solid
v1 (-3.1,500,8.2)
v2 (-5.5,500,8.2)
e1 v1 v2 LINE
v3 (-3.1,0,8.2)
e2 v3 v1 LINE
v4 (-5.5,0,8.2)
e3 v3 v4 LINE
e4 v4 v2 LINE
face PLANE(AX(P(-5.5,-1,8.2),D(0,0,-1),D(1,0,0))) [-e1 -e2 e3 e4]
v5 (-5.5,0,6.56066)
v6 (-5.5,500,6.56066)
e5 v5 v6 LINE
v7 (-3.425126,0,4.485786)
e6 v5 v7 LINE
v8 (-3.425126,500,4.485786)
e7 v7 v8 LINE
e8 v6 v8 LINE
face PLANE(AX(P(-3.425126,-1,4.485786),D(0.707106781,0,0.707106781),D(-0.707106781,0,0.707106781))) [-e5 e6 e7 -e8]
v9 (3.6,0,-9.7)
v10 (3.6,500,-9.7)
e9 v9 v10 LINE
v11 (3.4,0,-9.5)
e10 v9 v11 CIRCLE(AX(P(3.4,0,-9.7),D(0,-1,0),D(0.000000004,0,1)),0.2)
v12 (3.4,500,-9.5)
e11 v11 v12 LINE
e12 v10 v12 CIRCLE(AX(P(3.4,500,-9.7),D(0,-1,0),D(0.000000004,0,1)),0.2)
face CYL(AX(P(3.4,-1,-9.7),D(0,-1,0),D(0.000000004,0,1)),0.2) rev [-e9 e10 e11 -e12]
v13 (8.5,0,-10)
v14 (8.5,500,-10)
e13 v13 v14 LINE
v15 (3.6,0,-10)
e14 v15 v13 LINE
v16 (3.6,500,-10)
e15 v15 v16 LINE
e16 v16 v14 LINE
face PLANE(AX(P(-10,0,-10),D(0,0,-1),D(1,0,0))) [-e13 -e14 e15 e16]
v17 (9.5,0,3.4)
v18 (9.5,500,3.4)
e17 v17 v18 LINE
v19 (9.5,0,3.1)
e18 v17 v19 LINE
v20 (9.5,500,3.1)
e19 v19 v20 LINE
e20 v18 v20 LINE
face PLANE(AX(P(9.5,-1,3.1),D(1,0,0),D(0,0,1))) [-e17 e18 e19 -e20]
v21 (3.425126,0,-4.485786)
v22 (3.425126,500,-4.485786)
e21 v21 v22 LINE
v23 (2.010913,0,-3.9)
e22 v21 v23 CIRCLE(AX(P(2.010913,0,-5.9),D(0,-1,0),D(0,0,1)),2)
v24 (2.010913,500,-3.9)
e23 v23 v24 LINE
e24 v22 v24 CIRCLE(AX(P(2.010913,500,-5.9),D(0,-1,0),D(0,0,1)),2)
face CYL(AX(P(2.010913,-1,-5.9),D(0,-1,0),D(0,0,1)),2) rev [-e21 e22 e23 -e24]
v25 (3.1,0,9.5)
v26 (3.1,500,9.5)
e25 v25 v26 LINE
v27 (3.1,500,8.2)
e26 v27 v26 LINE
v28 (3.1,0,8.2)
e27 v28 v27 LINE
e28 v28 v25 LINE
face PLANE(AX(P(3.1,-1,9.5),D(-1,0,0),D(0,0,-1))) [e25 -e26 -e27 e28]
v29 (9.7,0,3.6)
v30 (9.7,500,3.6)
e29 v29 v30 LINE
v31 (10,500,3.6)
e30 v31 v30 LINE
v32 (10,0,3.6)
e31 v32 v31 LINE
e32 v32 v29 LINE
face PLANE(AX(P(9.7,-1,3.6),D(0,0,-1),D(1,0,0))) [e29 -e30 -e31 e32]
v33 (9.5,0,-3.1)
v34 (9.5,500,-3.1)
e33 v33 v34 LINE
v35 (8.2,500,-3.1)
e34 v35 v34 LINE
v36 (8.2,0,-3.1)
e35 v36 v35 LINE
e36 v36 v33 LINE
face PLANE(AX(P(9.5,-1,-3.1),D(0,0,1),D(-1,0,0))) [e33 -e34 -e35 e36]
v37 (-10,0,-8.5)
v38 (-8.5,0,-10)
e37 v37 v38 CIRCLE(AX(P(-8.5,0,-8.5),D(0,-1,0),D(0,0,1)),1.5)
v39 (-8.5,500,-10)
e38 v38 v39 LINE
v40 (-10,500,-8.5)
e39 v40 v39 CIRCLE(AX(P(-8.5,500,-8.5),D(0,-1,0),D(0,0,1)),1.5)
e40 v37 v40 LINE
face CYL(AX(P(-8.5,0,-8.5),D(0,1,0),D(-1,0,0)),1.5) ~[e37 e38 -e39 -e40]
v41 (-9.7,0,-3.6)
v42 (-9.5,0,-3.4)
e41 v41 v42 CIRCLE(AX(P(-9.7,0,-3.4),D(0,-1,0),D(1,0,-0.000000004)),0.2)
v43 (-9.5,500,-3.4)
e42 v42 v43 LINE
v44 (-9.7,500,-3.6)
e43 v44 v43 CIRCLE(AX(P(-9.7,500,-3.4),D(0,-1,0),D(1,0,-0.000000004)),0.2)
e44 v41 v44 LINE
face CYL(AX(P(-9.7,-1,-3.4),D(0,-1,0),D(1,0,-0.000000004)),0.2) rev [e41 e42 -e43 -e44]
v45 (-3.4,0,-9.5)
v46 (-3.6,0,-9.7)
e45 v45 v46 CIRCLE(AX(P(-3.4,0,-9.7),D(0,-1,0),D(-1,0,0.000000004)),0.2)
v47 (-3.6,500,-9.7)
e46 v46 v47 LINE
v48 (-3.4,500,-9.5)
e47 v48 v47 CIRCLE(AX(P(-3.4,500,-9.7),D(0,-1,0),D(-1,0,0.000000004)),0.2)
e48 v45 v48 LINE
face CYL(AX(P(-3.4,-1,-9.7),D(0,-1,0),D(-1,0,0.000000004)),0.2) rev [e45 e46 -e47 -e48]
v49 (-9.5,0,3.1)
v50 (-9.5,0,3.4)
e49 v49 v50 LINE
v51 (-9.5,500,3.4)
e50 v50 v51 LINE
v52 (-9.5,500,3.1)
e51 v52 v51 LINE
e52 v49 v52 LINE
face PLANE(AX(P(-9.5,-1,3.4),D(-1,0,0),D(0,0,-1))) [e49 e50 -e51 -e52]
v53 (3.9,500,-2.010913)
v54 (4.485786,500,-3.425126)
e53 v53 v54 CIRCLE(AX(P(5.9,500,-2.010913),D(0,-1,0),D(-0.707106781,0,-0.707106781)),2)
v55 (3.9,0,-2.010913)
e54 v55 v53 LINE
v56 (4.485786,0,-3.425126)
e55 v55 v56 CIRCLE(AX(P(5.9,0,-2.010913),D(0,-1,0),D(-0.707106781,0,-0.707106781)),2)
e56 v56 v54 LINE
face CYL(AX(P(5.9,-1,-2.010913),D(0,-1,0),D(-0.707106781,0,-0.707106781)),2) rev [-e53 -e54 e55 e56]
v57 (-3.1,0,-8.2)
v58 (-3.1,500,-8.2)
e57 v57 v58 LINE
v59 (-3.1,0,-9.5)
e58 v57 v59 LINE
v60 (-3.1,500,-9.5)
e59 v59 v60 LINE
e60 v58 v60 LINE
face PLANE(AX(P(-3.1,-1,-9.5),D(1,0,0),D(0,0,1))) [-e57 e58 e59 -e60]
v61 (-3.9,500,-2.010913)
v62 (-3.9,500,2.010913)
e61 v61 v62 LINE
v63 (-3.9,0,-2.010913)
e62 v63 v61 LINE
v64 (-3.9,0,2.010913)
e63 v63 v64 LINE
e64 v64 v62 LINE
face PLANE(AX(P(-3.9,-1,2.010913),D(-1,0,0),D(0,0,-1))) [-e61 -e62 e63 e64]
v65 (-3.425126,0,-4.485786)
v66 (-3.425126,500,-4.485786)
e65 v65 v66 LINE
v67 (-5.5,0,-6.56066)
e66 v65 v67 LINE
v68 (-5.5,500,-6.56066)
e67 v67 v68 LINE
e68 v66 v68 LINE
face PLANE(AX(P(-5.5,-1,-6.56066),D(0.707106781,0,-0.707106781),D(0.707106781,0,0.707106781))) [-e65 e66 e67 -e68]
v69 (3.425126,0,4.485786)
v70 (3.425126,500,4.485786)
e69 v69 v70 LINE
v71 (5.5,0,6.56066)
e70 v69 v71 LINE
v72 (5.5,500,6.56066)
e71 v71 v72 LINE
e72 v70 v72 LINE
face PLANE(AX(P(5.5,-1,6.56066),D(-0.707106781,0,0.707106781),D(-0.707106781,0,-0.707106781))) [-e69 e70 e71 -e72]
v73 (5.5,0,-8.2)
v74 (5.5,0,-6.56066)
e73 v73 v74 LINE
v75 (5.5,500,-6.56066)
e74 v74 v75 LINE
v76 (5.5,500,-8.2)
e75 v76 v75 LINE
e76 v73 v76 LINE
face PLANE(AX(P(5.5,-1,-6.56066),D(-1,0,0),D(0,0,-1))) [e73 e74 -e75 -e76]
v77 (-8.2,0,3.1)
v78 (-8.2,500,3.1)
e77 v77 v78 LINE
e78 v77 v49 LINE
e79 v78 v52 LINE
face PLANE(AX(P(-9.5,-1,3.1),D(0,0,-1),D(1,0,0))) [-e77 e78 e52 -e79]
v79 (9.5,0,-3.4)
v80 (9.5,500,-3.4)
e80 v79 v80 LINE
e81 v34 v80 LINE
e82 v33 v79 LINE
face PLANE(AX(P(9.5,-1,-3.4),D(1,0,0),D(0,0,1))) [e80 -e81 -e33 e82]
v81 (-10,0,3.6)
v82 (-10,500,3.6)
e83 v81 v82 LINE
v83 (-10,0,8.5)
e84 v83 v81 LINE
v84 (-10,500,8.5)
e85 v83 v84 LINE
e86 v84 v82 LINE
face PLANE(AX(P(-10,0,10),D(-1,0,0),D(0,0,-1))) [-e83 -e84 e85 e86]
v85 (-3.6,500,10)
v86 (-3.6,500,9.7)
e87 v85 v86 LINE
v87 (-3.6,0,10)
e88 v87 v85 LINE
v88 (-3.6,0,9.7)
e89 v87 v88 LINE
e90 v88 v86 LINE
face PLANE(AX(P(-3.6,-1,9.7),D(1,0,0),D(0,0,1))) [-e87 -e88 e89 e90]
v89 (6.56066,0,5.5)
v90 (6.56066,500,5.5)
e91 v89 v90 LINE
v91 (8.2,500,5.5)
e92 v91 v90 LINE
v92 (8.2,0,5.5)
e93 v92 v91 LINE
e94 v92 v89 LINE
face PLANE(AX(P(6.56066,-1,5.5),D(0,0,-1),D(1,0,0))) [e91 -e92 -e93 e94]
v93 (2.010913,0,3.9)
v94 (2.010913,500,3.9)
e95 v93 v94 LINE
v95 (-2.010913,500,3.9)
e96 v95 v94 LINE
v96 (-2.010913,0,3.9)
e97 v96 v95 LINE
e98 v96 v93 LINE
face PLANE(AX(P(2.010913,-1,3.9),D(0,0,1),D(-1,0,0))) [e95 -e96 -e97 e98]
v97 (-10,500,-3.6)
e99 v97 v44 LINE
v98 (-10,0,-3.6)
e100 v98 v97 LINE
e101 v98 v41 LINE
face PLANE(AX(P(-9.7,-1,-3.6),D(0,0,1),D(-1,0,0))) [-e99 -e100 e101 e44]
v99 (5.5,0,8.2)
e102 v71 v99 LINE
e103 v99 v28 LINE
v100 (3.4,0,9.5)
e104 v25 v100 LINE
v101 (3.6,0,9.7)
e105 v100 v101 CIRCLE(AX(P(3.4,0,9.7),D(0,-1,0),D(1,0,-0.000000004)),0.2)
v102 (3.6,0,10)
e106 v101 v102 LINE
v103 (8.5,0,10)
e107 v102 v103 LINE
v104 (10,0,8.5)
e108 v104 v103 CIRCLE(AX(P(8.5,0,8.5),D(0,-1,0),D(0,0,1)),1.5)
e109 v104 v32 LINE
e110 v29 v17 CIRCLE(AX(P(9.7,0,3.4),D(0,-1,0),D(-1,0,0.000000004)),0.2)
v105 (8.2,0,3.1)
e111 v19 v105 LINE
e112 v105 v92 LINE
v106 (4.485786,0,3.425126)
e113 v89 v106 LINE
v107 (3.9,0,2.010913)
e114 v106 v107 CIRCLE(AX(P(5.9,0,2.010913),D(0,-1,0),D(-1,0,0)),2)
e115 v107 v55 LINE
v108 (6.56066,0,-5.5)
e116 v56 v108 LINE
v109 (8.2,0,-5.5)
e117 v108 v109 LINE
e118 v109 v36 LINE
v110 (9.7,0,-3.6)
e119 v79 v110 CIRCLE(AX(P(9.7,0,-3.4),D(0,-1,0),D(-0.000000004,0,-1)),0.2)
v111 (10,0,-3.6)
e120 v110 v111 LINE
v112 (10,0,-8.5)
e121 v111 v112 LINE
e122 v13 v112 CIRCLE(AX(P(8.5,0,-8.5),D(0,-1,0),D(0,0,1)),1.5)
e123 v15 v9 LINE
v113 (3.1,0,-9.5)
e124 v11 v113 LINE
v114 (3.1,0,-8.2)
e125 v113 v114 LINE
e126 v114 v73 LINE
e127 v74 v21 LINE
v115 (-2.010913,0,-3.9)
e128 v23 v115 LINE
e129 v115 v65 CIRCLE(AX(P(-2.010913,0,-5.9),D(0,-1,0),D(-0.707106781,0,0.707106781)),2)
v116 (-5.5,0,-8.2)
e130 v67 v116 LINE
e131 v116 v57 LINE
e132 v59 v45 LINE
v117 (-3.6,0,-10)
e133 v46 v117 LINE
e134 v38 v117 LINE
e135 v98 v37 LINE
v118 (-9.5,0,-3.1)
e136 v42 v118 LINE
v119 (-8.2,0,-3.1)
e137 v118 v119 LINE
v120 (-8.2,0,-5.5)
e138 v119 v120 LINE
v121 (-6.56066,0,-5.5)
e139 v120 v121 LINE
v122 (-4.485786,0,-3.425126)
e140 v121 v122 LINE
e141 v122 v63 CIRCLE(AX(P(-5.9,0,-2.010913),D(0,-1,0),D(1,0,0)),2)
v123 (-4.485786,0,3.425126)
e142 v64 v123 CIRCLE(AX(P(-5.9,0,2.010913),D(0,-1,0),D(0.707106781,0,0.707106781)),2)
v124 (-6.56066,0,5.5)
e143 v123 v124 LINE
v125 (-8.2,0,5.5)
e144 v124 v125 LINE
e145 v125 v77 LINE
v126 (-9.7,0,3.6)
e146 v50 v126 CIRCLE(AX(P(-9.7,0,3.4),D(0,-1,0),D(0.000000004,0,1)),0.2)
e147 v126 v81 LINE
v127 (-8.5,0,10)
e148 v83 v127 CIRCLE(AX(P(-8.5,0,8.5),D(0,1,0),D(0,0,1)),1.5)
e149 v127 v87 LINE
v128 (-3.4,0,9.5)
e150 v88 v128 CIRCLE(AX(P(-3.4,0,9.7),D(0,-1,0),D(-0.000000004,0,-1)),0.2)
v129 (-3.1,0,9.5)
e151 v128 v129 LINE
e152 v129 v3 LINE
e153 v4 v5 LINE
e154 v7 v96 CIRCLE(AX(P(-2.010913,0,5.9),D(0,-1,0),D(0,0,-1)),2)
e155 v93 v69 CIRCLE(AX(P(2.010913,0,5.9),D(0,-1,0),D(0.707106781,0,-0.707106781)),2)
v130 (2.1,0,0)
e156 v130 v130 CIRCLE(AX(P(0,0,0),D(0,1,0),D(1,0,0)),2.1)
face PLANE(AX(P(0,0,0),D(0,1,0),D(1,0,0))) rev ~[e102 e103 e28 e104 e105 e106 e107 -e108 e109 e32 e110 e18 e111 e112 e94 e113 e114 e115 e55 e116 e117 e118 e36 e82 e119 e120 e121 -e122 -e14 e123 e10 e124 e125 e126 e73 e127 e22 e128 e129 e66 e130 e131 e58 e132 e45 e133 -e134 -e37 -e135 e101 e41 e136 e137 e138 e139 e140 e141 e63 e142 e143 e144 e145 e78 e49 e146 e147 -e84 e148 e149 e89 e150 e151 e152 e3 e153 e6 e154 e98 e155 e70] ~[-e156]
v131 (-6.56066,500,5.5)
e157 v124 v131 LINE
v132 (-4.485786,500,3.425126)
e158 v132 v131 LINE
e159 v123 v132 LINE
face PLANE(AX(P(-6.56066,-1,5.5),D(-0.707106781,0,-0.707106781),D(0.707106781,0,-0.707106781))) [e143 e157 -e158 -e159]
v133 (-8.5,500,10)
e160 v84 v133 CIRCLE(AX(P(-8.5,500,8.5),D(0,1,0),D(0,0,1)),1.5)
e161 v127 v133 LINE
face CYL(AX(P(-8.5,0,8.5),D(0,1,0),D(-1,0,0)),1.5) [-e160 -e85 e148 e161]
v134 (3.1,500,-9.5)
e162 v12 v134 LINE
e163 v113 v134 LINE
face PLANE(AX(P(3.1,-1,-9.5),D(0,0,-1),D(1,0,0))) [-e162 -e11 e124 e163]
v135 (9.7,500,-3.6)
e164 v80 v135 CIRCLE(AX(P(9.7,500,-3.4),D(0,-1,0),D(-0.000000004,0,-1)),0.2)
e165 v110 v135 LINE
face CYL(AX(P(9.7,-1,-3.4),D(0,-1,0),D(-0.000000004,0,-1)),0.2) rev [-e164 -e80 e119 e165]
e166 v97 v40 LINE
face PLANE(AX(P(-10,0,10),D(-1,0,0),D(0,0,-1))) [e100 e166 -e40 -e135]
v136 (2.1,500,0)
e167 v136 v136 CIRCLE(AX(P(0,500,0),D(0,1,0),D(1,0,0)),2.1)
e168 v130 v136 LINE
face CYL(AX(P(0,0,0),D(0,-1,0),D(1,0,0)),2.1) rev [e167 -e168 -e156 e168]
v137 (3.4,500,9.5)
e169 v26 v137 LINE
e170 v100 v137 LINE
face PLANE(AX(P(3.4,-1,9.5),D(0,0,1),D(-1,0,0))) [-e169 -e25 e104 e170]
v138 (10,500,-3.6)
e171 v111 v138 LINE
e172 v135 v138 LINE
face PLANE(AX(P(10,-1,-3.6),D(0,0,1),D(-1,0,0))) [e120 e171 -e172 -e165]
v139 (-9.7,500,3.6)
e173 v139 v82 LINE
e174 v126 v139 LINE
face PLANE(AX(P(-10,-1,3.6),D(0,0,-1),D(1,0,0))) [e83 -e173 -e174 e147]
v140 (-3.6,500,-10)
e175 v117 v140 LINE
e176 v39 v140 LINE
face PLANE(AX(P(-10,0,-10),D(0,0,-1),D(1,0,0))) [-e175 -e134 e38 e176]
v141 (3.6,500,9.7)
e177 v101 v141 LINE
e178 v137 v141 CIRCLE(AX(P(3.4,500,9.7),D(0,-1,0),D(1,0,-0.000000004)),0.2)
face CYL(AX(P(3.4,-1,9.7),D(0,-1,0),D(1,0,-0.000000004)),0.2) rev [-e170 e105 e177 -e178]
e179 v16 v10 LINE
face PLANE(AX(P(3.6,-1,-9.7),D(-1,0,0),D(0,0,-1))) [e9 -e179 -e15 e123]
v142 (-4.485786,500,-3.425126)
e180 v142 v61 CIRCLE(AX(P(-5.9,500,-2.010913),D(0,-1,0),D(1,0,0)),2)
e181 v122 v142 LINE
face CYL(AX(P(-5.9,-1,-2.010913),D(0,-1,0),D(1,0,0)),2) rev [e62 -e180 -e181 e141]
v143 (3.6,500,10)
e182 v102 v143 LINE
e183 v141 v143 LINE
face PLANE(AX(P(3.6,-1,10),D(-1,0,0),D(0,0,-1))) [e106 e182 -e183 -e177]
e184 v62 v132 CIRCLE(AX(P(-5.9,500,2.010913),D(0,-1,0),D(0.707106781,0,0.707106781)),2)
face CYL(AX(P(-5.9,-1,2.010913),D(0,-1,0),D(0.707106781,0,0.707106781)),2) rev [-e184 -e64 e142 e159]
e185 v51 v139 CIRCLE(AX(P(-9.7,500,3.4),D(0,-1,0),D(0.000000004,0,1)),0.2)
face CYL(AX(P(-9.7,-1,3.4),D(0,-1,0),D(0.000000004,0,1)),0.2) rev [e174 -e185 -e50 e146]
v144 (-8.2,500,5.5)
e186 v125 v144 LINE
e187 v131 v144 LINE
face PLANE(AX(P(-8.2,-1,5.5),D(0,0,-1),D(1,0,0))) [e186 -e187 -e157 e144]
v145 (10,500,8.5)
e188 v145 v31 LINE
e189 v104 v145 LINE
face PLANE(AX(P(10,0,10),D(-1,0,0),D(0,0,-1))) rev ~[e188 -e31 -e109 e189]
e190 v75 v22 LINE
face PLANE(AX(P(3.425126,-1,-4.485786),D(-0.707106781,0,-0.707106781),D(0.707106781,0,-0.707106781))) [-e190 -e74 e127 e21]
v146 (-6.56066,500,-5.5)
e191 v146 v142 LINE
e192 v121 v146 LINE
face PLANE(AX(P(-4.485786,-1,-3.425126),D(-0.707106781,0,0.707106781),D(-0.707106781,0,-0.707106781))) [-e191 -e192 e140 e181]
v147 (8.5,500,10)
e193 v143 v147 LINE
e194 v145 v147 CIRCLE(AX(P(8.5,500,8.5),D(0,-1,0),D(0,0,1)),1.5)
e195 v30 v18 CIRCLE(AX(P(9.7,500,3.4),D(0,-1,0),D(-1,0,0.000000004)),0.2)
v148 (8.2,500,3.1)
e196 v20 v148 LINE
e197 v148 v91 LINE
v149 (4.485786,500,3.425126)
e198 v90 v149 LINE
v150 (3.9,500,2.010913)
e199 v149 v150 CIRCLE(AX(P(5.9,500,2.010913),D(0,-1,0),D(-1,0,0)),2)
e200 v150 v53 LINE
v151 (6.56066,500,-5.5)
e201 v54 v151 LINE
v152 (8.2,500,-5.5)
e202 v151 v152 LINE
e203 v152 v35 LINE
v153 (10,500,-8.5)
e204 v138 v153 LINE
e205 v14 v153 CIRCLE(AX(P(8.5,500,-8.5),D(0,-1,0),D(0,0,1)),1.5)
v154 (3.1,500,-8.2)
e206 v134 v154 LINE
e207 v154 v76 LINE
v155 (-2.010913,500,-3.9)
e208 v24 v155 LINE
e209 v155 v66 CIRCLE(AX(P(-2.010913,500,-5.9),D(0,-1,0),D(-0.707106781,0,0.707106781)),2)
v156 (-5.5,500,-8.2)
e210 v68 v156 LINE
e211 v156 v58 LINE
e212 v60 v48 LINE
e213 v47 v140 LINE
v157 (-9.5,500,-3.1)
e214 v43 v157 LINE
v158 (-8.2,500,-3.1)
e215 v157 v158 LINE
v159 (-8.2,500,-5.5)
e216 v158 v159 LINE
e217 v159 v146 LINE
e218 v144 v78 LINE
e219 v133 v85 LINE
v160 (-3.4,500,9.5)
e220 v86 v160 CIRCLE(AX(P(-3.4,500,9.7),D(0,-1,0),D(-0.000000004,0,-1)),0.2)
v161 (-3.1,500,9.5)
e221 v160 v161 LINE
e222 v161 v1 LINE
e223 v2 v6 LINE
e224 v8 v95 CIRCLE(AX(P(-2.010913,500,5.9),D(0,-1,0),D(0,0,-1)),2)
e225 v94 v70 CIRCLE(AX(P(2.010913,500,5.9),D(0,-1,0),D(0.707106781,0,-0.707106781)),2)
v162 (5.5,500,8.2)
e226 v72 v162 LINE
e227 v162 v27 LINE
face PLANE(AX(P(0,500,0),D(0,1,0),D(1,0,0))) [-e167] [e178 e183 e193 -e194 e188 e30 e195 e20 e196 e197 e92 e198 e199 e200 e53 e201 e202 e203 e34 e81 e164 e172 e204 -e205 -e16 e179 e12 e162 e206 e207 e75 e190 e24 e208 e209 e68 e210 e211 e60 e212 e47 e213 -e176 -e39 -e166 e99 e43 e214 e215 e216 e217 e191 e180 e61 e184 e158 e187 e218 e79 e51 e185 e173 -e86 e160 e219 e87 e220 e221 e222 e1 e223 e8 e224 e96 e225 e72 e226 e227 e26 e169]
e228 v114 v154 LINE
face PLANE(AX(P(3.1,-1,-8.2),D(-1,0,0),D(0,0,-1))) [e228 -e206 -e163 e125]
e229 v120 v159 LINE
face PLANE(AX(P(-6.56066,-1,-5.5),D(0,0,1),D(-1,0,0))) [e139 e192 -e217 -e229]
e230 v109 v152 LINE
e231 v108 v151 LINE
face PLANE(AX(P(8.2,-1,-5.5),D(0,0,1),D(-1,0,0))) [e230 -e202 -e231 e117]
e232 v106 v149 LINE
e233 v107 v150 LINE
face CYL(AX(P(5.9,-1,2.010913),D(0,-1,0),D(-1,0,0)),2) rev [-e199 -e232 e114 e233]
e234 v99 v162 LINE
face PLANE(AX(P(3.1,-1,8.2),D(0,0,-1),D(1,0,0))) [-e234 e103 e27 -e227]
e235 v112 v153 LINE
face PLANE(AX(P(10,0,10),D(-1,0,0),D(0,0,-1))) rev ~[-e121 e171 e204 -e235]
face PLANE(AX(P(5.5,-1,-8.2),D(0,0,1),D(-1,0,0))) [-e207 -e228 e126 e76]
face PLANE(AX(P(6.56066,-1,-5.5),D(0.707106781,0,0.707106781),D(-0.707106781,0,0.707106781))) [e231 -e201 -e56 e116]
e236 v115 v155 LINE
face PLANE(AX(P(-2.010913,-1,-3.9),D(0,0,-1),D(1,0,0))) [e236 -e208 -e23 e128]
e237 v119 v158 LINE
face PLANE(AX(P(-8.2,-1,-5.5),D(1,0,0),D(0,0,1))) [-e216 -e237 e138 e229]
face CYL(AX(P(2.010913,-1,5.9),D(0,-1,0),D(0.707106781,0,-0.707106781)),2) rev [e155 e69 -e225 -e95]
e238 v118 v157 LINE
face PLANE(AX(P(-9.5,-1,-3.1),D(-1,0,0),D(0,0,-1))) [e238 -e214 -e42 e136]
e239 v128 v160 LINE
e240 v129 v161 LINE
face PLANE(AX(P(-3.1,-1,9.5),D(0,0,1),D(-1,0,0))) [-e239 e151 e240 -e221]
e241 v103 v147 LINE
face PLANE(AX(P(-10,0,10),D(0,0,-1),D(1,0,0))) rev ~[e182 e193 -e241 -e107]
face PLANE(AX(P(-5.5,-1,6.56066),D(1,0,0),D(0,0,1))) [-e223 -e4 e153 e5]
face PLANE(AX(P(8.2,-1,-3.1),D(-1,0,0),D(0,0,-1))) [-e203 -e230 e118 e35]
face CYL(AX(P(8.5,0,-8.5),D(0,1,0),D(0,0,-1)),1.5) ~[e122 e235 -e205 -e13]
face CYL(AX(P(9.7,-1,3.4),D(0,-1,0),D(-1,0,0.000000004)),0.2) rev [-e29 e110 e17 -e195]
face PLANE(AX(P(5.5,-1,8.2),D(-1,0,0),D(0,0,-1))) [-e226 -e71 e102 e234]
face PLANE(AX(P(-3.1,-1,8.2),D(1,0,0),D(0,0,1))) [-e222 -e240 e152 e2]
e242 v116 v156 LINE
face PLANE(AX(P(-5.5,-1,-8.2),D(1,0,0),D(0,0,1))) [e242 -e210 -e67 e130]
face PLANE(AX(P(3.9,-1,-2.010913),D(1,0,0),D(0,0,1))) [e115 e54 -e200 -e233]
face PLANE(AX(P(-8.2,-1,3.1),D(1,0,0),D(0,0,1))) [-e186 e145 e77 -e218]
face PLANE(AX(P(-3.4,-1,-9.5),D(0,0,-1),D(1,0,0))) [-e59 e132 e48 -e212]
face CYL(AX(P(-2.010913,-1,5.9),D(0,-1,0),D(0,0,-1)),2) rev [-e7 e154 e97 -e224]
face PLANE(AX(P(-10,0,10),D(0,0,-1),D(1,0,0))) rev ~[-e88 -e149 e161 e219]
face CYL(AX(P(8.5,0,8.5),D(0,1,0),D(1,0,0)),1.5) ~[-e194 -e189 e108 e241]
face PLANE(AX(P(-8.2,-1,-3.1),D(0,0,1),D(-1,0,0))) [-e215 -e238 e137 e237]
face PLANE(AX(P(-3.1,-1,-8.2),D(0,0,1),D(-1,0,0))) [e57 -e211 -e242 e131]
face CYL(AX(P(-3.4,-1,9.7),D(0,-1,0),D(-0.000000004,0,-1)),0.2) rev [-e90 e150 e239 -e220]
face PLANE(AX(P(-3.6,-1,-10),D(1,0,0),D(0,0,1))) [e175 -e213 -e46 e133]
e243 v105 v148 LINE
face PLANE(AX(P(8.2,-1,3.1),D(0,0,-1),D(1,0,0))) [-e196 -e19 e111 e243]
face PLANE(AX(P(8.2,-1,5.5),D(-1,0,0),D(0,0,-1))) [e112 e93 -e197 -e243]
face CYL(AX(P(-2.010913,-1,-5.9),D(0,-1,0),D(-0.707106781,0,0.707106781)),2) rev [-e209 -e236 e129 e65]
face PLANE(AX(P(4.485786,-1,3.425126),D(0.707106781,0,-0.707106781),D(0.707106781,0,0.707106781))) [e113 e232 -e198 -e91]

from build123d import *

# Parameters (mm, degrees)
SKETCH1_W           = 20
SKETCH1_H           = 20
SKETCH1_R           = 2.1
BOSS_EXTRUDE1_DEPTH = 500
CUT_EXTRUDE1_START  = -501
CUT_EXTRUDE1_DEPTH  = 502
CIRPATTERN1_COUNT   = 4
FILLET1_R           = 1.5


with BuildPart() as part:
    # Sketch1 → Boss-Extrude1 (new body)
    with BuildSketch(Plane(origin=(0, 0, 0), x_dir=(1, 0, 0), z_dir=(0, 1, 0))):
        Rectangle(SKETCH1_W, SKETCH1_H)
        Circle(SKETCH1_R, mode=Mode.SUBTRACT)
    extrude(amount=BOSS_EXTRUDE1_DEPTH)

    # Sketch2 → Cut-Extrude1 (cut)
    with BuildSketch(Plane(origin=(0, 500, 0), x_dir=(1, 0, 0), z_dir=(0, 1, 0)).offset(CUT_EXTRUDE1_START)):
        with BuildLine():
            Line((-2.010912703, 3.9), (2.010912703, 3.9))
            ThreePointArc((2.010912703, 3.9), (2.776279568, 4.052240935), (3.425126266, 4.485786438))
            Line((3.425126266, 4.485786438), (5.5, 6.560660172))
            Line((5.5, 6.560660172), (5.5, 8.2))
            Line((5.5, 8.2), (3.1, 8.2))
            Line((3.1, 8.2), (3.1, 9.5))
            Line((3.1, 9.5), (3.4, 9.5))
            ThreePointArc((3.4, 9.5), (3.541421356, 9.558578644), (3.6, 9.7))
            Line((3.6, 9.7), (3.6, 10))
            Line((3.6, 10), (-3.6, 10))
            Line((-3.6, 10), (-3.6, 9.7))
            ThreePointArc((-3.6, 9.7), (-3.541421356, 9.558578644), (-3.4, 9.5))
            Line((-3.4, 9.5), (-3.1, 9.5))
            Line((-3.1, 9.5), (-3.1, 8.2))
            Line((-3.1, 8.2), (-5.5, 8.2))
            Line((-5.5, 8.2), (-5.5, 6.560660172))
            Line((-5.5, 6.560660172), (-3.425126266, 4.485786438))
            ThreePointArc((-3.425126266, 4.485786438), (-2.776279568, 4.052240935), (-2.010912703, 3.9))
        make_face()
    cut_extrude1 = extrude(amount=CUT_EXTRUDE1_DEPTH, mode=Mode.SUBTRACT)

    # CirPattern1: Cut-Extrude1 ×4 about axis
    cirpattern1_axis = Axis((0, 0, 0), (0, 1, 0))
    for i in range(1, CIRPATTERN1_COUNT):
        add(cut_extrude1.rotate(cirpattern1_axis, i * 360 / CIRPATTERN1_COUNT), mode=Mode.SUBTRACT)

    # Fillet1
    fillet1_edges = [part.edges().sort_by_distance(p)[0] for p in [
        (10, 250, 10),
        (-10, 250, 10),
        (-10, 250, -10),
        (10, 250, -10),
    ]]
    fillet(fillet1_edges, radius=FILLET1_R)


solid = part.part
